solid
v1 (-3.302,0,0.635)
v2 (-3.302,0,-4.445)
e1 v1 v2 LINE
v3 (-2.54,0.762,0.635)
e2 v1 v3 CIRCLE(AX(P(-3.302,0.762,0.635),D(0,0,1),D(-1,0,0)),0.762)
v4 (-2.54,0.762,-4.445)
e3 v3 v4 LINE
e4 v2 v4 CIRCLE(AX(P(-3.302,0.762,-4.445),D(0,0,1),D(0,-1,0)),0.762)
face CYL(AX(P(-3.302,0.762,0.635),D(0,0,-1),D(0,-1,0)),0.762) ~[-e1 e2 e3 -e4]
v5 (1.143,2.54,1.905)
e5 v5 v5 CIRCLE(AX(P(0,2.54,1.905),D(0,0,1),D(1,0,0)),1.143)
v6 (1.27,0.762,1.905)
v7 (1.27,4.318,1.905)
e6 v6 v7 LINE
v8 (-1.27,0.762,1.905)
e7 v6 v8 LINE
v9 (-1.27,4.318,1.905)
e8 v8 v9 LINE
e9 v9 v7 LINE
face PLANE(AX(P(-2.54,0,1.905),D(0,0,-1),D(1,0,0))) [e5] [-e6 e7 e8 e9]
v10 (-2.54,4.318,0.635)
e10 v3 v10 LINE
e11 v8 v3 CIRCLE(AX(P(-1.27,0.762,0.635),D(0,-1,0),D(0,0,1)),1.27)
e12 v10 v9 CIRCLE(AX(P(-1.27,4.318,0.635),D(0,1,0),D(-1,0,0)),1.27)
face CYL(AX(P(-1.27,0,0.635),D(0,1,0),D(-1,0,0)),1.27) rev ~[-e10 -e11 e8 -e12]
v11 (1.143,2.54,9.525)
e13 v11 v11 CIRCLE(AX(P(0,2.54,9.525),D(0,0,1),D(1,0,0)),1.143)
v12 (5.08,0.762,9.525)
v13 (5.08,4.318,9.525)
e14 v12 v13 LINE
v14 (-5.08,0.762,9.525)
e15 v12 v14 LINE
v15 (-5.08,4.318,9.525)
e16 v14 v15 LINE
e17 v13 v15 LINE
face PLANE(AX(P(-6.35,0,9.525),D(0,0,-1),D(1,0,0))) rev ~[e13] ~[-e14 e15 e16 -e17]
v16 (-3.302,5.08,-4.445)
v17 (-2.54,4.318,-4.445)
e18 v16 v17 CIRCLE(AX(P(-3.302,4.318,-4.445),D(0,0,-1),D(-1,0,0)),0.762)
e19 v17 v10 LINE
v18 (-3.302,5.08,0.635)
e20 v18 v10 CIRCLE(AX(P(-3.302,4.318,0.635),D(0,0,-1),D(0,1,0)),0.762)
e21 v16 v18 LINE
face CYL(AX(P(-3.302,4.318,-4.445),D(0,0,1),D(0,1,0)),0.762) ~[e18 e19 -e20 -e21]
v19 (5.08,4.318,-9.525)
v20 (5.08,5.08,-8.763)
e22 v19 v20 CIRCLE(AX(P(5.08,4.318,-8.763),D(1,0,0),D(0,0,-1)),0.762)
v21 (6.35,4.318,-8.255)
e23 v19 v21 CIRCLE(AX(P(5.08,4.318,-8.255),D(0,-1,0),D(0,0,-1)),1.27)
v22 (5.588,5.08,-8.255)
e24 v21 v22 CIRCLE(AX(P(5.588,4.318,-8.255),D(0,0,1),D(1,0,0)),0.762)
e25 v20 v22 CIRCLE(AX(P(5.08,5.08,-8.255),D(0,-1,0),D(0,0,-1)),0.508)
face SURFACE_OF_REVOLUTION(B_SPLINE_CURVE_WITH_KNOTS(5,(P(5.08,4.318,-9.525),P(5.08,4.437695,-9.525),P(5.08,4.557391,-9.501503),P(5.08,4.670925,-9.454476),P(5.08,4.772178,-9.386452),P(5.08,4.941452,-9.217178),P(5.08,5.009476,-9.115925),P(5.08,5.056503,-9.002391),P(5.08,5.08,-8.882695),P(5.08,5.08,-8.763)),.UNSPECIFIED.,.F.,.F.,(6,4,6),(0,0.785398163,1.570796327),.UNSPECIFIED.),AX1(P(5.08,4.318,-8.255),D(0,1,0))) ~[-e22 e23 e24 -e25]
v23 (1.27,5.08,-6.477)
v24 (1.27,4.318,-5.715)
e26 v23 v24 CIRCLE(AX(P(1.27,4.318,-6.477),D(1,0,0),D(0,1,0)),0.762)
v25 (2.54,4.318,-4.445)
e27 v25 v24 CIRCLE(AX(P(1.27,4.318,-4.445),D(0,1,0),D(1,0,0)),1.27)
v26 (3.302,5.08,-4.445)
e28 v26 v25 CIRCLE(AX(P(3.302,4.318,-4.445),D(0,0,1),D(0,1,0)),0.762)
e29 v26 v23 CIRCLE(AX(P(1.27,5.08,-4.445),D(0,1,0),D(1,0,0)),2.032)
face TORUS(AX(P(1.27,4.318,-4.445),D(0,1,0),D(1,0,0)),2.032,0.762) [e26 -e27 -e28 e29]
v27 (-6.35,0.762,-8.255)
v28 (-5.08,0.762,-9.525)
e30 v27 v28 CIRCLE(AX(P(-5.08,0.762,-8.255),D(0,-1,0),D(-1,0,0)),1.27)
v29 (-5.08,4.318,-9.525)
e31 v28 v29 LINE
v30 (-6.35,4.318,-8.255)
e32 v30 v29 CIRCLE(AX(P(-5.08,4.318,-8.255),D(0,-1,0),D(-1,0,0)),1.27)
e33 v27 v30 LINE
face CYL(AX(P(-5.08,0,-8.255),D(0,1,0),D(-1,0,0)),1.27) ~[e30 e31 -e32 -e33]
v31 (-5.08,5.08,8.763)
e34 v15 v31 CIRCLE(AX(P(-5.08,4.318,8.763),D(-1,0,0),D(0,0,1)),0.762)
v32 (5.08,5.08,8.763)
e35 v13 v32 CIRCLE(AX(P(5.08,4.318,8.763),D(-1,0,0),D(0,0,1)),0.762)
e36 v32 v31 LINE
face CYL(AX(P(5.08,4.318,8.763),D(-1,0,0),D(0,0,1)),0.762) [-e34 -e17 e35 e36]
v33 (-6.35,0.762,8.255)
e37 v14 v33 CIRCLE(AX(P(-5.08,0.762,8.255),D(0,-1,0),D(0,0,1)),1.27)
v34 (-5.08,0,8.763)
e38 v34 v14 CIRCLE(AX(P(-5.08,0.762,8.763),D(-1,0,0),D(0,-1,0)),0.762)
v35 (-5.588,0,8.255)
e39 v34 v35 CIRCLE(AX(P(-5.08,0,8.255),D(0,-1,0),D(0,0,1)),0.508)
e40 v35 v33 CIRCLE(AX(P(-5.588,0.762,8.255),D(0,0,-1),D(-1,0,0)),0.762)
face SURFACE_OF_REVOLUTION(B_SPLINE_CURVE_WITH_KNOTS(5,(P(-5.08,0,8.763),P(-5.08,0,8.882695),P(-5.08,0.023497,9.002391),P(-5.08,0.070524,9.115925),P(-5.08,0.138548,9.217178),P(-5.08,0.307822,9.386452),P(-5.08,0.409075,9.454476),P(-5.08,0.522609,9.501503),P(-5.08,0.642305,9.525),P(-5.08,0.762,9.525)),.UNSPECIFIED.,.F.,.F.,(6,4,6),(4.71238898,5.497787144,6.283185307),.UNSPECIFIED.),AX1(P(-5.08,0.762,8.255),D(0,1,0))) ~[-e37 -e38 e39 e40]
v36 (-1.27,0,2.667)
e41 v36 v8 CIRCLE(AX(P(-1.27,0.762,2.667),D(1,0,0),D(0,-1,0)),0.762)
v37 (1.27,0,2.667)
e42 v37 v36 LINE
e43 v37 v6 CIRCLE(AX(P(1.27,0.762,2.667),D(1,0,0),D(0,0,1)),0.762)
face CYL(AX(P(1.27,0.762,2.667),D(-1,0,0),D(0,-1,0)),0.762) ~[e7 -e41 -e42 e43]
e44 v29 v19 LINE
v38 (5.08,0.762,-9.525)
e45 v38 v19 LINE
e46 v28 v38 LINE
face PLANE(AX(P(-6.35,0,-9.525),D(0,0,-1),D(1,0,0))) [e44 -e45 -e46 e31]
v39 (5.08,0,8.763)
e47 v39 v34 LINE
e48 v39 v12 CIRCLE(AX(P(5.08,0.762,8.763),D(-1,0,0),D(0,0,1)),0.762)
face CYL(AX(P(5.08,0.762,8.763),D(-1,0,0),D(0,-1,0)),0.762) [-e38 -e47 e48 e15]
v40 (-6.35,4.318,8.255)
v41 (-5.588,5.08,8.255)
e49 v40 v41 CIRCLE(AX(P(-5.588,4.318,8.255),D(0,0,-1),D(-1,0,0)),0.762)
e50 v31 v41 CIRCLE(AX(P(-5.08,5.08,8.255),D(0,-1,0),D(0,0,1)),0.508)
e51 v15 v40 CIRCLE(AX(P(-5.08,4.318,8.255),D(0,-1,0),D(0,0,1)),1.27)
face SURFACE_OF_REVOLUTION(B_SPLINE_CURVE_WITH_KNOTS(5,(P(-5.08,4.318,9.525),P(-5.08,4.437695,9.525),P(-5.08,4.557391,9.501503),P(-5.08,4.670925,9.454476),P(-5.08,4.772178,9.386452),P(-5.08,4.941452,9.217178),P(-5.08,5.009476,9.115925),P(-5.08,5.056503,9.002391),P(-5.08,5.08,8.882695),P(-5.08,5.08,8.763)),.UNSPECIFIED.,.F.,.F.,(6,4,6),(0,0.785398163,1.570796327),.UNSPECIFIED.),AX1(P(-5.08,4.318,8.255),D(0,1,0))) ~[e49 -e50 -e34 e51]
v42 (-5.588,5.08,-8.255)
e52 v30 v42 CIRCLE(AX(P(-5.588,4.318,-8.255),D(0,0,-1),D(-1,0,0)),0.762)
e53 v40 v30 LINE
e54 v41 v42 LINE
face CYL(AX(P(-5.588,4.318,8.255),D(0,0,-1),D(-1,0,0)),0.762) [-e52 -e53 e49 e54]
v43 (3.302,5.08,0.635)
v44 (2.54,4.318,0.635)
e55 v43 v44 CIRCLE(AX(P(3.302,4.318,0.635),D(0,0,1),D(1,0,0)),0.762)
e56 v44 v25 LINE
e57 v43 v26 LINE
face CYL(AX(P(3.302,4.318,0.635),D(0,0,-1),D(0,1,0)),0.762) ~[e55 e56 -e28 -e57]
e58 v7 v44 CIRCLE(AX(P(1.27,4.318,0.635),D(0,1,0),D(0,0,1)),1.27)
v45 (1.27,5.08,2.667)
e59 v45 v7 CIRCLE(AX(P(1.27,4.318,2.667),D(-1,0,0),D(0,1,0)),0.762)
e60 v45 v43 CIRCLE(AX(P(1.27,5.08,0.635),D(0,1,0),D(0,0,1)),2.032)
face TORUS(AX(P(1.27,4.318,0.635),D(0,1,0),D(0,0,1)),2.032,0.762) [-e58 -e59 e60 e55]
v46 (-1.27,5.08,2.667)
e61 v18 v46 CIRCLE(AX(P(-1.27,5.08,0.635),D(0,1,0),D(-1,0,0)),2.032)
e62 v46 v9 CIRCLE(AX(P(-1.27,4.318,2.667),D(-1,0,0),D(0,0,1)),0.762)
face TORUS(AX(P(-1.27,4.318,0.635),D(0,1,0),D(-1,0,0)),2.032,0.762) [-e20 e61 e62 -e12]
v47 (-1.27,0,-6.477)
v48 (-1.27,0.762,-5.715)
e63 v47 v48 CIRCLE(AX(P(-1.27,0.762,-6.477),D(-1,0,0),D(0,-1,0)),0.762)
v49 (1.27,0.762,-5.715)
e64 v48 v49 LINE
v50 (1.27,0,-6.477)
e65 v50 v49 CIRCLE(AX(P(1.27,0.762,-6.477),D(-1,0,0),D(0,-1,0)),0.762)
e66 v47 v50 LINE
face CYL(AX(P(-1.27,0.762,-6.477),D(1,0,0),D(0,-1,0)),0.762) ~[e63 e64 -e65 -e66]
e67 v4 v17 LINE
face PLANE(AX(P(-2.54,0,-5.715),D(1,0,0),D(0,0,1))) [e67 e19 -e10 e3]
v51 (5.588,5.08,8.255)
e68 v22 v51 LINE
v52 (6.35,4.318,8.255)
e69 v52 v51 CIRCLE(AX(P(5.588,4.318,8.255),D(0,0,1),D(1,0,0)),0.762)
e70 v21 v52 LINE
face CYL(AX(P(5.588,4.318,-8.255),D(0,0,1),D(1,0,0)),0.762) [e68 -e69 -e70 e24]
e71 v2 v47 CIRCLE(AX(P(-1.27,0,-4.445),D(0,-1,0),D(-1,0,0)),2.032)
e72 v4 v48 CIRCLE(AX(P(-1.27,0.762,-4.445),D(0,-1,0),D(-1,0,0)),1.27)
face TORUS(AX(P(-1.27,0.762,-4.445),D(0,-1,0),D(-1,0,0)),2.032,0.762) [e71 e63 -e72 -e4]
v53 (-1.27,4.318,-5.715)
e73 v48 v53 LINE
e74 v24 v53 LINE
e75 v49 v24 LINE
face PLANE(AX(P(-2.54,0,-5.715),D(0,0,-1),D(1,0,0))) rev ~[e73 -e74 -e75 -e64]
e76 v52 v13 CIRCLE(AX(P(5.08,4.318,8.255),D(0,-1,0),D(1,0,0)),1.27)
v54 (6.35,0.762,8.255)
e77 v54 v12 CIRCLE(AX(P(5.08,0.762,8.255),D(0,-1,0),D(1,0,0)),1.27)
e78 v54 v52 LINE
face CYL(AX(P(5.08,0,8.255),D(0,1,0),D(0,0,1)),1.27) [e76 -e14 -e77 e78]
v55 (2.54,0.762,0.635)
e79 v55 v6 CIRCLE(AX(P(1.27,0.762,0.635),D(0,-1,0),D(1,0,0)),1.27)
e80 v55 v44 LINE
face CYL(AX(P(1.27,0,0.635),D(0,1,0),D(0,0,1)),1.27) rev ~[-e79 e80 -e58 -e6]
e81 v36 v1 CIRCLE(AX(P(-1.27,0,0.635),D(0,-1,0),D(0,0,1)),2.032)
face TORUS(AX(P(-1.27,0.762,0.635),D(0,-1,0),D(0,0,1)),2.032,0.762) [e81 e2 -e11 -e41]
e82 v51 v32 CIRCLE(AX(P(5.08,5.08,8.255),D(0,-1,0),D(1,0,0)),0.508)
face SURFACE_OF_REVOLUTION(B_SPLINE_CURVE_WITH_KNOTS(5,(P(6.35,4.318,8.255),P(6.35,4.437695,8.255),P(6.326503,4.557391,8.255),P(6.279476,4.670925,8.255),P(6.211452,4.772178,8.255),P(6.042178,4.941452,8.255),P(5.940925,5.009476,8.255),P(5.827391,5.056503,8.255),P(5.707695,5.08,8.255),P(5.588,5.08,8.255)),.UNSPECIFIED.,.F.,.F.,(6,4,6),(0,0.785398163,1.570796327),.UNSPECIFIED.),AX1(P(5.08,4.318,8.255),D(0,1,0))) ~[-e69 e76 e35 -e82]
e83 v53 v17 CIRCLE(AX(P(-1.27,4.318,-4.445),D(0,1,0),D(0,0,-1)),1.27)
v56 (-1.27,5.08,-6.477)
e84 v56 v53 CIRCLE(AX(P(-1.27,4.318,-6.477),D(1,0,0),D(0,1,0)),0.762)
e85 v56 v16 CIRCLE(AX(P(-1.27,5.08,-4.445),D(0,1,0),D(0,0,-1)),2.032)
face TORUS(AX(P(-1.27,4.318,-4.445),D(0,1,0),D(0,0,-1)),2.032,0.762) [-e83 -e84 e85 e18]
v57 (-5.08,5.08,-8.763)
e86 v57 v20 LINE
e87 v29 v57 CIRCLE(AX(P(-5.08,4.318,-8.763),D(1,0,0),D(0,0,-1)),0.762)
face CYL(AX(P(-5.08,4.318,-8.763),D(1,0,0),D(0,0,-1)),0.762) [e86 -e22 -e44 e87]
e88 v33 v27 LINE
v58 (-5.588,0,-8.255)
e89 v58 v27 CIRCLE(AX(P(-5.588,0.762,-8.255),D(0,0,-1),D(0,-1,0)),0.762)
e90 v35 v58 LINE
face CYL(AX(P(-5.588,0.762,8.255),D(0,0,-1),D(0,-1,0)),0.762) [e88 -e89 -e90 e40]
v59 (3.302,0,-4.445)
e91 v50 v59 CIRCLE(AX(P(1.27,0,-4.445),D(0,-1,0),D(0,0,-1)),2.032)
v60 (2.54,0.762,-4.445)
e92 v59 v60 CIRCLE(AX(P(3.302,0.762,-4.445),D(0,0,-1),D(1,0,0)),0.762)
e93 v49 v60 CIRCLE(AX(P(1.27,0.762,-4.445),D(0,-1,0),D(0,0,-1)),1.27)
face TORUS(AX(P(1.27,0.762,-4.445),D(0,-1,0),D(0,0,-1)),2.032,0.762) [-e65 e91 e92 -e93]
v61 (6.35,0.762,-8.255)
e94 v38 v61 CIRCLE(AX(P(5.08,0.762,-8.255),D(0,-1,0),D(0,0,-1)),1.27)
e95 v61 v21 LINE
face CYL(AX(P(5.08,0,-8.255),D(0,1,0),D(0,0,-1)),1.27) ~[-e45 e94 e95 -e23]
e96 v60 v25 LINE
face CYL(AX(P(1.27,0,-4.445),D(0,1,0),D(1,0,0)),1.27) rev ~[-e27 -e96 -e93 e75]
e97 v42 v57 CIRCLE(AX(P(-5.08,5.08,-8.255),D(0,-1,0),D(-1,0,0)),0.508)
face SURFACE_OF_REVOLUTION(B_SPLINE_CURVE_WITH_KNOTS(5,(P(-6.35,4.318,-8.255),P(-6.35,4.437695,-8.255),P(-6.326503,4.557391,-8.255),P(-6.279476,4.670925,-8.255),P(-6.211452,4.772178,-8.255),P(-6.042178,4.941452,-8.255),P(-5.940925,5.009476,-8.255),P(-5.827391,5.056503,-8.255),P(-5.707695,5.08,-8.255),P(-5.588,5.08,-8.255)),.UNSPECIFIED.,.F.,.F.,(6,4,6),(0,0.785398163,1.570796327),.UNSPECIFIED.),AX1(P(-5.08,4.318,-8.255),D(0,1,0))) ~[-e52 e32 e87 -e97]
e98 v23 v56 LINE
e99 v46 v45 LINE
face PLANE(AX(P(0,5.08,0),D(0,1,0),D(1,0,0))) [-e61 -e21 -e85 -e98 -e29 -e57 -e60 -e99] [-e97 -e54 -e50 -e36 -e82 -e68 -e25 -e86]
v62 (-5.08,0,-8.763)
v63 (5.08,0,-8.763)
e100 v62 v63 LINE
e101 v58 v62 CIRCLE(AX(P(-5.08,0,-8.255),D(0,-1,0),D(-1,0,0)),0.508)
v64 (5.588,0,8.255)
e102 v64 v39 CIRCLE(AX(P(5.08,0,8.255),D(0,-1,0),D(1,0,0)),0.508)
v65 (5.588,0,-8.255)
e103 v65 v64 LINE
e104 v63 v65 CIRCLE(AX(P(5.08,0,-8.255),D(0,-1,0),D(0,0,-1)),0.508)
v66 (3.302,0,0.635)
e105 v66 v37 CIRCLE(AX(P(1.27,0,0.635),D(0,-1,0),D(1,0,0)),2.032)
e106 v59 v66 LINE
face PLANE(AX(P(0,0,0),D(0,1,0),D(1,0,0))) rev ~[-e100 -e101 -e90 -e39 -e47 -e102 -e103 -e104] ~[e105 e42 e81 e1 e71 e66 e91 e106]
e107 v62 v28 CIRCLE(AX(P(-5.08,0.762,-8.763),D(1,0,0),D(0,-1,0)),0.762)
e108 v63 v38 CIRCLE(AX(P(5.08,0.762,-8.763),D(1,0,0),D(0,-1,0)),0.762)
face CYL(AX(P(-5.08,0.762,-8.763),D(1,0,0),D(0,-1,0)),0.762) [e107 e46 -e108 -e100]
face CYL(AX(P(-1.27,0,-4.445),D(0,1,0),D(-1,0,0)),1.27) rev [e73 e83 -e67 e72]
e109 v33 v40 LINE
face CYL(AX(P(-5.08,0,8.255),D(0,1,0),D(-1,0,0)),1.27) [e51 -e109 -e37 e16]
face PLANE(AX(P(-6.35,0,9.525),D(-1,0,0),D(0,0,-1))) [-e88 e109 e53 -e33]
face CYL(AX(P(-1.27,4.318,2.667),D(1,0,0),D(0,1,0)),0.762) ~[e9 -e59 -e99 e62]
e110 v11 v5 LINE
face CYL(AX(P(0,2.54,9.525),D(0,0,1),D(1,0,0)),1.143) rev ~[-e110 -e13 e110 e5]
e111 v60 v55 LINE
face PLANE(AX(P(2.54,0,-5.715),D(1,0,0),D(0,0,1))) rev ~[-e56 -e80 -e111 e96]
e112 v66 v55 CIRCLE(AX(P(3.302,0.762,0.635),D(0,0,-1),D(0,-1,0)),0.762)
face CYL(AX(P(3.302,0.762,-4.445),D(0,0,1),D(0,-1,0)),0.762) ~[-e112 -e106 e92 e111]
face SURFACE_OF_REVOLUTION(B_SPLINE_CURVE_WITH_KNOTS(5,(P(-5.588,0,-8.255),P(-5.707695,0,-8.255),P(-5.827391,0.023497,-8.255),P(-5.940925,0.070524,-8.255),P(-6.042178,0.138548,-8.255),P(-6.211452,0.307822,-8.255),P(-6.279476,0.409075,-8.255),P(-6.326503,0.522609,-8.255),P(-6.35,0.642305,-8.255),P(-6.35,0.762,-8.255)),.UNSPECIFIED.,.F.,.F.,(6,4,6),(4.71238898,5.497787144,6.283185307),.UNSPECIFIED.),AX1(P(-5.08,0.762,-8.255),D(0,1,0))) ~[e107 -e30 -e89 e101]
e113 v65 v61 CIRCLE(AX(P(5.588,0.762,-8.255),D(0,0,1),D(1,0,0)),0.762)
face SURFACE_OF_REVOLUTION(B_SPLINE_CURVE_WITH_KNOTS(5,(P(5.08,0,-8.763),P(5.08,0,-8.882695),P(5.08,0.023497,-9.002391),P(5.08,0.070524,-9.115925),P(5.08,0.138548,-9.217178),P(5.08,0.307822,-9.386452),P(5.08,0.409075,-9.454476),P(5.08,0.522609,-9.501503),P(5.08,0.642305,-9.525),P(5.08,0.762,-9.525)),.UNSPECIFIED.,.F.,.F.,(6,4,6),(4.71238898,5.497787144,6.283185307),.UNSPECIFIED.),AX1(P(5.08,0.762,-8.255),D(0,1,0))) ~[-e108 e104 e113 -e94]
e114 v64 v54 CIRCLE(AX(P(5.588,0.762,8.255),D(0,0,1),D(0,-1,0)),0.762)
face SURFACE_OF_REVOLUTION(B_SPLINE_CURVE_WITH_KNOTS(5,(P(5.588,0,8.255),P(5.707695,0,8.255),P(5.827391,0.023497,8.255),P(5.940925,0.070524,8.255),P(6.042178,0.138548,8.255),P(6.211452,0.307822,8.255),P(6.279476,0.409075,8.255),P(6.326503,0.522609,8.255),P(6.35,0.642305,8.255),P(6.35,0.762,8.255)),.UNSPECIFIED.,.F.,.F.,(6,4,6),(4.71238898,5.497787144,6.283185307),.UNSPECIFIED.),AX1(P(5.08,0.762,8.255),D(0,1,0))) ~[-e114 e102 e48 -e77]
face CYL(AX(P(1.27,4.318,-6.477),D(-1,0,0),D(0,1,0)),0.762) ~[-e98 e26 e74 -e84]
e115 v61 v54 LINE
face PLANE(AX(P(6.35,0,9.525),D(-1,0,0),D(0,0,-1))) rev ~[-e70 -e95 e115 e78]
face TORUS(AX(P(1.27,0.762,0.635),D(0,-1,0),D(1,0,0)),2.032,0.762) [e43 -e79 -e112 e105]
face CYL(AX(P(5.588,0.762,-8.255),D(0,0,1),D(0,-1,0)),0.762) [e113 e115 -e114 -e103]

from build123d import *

# Parameters (mm, degrees)
SKETCH1_W           = 12.7
SKETCH1_H           = 19.05
BOSS_EXTRUDE1_DEPTH = 5.08
SKETCH2_W           = 5.08
SKETCH2_H           = 7.62
CUT_EXTRUDE1_DEPTH  = 13.524157656
SKETCH3_R           = 1.143
CUT_EXTRUDE3_DEPTH  = 8.382
FILLET1_R           = 1.27
FILLET2_R           = 1.27
FILLET3_R           = 0.762
FILLET4_R           = 0.762


with BuildPart() as part:
    # Sketch1 → Boss-Extrude1 (new body)
    with BuildSketch(Plane(origin=(0, 0, 0), x_dir=(1, 0, 0), z_dir=(0, 1, 0))):
        Rectangle(SKETCH1_W, SKETCH1_H)
    extrude(amount=BOSS_EXTRUDE1_DEPTH)

    # Sketch2 → Cut-Extrude1 (cut, through all)
    with BuildSketch(Plane.XZ):
        with Locations((0, -1.905)):
            Rectangle(SKETCH2_W, SKETCH2_H)
    extrude(amount=-CUT_EXTRUDE1_DEPTH, mode=Mode.SUBTRACT)

    # Sketch3 → Cut-Extrude3 (cut)
    with BuildSketch(Plane.XY.offset(9.525)):
        with Locations((0, 2.54)):
            Circle(SKETCH3_R)
    extrude(amount=-CUT_EXTRUDE3_DEPTH, mode=Mode.SUBTRACT)

    # Fillet1
    fillet1_edges = [part.edges().sort_by_distance(p)[0] for p in [
        (6.35, 2.54, 9.525),
        (-6.35, 2.54, 9.525),
        (-6.35, 2.54, -9.525),
        (6.35, 2.54, -9.525),
    ]]
    fillet(fillet1_edges, radius=FILLET1_R)

    # Fillet2
    fillet2_edges = [part.edges().sort_by_distance(p)[0] for p in [
        (2.54, 2.54, 1.905),
        (2.54, 2.54, -5.715),
        (-2.54, 2.54, -5.715),
        (-2.54, 2.54, 1.905),
    ]]
    fillet(fillet2_edges, radius=FILLET2_R)

    # Fillet3
    fillet3_edges = [part.edges().sort_by_distance(p)[0] for p in [
        (0, 5.08, -9.525),
        (6.35, 5.08, 0),
        (-6.35, 5.08, 0),
        (0, 5.08, 9.525),
        (5.978025612, 5.08, 9.153025612),
        (-5.978025612, 5.08, 9.153025612),
        (-5.978025612, 5.08, -9.153025612),
        (5.978025612, 5.08, -9.153025612),
    ]]
    fillet(fillet3_edges, radius=FILLET3_R)

    # Fillet4
    fillet4_edges = [part.edges().sort_by_distance(p)[0] for p in [
        (0, 0, -9.525),
        (6.35, 0, 0),
        (0, 0, 9.525),
        (-6.35, 0, 0),
        (5.978025612, 0, 9.153025612),
        (-5.978025612, 0, 9.153025612),
        (-5.978025612, 0, -9.153025612),
        (5.978025612, 0, -9.153025612),
        (0, 0, -5.715),
        (0, 5.08, -5.715),
        (-2.54, 0, -1.905),
        (-2.54, 5.08, -1.905),
        (2.54, 0, -1.905),
        (2.54, 5.08, -1.905),
        (0, 0, 1.905),
        (0, 5.08, 1.905),
        (-2.168025612, 0, -5.343025612),
        (-2.168025612, 5.08, -5.343025612),
        (2.168025612, 0, -5.343025612),
        (2.168025612, 5.08, -5.343025612),
        (-2.168025612, 0, 1.533025612),
        (-2.168025612, 5.08, 1.533025612),
        (2.168025612, 0, 1.533025612),
        (2.168025612, 5.08, 1.533025612),
    ]]
    fillet(fillet4_edges, radius=FILLET4_R)


solid = part.part
